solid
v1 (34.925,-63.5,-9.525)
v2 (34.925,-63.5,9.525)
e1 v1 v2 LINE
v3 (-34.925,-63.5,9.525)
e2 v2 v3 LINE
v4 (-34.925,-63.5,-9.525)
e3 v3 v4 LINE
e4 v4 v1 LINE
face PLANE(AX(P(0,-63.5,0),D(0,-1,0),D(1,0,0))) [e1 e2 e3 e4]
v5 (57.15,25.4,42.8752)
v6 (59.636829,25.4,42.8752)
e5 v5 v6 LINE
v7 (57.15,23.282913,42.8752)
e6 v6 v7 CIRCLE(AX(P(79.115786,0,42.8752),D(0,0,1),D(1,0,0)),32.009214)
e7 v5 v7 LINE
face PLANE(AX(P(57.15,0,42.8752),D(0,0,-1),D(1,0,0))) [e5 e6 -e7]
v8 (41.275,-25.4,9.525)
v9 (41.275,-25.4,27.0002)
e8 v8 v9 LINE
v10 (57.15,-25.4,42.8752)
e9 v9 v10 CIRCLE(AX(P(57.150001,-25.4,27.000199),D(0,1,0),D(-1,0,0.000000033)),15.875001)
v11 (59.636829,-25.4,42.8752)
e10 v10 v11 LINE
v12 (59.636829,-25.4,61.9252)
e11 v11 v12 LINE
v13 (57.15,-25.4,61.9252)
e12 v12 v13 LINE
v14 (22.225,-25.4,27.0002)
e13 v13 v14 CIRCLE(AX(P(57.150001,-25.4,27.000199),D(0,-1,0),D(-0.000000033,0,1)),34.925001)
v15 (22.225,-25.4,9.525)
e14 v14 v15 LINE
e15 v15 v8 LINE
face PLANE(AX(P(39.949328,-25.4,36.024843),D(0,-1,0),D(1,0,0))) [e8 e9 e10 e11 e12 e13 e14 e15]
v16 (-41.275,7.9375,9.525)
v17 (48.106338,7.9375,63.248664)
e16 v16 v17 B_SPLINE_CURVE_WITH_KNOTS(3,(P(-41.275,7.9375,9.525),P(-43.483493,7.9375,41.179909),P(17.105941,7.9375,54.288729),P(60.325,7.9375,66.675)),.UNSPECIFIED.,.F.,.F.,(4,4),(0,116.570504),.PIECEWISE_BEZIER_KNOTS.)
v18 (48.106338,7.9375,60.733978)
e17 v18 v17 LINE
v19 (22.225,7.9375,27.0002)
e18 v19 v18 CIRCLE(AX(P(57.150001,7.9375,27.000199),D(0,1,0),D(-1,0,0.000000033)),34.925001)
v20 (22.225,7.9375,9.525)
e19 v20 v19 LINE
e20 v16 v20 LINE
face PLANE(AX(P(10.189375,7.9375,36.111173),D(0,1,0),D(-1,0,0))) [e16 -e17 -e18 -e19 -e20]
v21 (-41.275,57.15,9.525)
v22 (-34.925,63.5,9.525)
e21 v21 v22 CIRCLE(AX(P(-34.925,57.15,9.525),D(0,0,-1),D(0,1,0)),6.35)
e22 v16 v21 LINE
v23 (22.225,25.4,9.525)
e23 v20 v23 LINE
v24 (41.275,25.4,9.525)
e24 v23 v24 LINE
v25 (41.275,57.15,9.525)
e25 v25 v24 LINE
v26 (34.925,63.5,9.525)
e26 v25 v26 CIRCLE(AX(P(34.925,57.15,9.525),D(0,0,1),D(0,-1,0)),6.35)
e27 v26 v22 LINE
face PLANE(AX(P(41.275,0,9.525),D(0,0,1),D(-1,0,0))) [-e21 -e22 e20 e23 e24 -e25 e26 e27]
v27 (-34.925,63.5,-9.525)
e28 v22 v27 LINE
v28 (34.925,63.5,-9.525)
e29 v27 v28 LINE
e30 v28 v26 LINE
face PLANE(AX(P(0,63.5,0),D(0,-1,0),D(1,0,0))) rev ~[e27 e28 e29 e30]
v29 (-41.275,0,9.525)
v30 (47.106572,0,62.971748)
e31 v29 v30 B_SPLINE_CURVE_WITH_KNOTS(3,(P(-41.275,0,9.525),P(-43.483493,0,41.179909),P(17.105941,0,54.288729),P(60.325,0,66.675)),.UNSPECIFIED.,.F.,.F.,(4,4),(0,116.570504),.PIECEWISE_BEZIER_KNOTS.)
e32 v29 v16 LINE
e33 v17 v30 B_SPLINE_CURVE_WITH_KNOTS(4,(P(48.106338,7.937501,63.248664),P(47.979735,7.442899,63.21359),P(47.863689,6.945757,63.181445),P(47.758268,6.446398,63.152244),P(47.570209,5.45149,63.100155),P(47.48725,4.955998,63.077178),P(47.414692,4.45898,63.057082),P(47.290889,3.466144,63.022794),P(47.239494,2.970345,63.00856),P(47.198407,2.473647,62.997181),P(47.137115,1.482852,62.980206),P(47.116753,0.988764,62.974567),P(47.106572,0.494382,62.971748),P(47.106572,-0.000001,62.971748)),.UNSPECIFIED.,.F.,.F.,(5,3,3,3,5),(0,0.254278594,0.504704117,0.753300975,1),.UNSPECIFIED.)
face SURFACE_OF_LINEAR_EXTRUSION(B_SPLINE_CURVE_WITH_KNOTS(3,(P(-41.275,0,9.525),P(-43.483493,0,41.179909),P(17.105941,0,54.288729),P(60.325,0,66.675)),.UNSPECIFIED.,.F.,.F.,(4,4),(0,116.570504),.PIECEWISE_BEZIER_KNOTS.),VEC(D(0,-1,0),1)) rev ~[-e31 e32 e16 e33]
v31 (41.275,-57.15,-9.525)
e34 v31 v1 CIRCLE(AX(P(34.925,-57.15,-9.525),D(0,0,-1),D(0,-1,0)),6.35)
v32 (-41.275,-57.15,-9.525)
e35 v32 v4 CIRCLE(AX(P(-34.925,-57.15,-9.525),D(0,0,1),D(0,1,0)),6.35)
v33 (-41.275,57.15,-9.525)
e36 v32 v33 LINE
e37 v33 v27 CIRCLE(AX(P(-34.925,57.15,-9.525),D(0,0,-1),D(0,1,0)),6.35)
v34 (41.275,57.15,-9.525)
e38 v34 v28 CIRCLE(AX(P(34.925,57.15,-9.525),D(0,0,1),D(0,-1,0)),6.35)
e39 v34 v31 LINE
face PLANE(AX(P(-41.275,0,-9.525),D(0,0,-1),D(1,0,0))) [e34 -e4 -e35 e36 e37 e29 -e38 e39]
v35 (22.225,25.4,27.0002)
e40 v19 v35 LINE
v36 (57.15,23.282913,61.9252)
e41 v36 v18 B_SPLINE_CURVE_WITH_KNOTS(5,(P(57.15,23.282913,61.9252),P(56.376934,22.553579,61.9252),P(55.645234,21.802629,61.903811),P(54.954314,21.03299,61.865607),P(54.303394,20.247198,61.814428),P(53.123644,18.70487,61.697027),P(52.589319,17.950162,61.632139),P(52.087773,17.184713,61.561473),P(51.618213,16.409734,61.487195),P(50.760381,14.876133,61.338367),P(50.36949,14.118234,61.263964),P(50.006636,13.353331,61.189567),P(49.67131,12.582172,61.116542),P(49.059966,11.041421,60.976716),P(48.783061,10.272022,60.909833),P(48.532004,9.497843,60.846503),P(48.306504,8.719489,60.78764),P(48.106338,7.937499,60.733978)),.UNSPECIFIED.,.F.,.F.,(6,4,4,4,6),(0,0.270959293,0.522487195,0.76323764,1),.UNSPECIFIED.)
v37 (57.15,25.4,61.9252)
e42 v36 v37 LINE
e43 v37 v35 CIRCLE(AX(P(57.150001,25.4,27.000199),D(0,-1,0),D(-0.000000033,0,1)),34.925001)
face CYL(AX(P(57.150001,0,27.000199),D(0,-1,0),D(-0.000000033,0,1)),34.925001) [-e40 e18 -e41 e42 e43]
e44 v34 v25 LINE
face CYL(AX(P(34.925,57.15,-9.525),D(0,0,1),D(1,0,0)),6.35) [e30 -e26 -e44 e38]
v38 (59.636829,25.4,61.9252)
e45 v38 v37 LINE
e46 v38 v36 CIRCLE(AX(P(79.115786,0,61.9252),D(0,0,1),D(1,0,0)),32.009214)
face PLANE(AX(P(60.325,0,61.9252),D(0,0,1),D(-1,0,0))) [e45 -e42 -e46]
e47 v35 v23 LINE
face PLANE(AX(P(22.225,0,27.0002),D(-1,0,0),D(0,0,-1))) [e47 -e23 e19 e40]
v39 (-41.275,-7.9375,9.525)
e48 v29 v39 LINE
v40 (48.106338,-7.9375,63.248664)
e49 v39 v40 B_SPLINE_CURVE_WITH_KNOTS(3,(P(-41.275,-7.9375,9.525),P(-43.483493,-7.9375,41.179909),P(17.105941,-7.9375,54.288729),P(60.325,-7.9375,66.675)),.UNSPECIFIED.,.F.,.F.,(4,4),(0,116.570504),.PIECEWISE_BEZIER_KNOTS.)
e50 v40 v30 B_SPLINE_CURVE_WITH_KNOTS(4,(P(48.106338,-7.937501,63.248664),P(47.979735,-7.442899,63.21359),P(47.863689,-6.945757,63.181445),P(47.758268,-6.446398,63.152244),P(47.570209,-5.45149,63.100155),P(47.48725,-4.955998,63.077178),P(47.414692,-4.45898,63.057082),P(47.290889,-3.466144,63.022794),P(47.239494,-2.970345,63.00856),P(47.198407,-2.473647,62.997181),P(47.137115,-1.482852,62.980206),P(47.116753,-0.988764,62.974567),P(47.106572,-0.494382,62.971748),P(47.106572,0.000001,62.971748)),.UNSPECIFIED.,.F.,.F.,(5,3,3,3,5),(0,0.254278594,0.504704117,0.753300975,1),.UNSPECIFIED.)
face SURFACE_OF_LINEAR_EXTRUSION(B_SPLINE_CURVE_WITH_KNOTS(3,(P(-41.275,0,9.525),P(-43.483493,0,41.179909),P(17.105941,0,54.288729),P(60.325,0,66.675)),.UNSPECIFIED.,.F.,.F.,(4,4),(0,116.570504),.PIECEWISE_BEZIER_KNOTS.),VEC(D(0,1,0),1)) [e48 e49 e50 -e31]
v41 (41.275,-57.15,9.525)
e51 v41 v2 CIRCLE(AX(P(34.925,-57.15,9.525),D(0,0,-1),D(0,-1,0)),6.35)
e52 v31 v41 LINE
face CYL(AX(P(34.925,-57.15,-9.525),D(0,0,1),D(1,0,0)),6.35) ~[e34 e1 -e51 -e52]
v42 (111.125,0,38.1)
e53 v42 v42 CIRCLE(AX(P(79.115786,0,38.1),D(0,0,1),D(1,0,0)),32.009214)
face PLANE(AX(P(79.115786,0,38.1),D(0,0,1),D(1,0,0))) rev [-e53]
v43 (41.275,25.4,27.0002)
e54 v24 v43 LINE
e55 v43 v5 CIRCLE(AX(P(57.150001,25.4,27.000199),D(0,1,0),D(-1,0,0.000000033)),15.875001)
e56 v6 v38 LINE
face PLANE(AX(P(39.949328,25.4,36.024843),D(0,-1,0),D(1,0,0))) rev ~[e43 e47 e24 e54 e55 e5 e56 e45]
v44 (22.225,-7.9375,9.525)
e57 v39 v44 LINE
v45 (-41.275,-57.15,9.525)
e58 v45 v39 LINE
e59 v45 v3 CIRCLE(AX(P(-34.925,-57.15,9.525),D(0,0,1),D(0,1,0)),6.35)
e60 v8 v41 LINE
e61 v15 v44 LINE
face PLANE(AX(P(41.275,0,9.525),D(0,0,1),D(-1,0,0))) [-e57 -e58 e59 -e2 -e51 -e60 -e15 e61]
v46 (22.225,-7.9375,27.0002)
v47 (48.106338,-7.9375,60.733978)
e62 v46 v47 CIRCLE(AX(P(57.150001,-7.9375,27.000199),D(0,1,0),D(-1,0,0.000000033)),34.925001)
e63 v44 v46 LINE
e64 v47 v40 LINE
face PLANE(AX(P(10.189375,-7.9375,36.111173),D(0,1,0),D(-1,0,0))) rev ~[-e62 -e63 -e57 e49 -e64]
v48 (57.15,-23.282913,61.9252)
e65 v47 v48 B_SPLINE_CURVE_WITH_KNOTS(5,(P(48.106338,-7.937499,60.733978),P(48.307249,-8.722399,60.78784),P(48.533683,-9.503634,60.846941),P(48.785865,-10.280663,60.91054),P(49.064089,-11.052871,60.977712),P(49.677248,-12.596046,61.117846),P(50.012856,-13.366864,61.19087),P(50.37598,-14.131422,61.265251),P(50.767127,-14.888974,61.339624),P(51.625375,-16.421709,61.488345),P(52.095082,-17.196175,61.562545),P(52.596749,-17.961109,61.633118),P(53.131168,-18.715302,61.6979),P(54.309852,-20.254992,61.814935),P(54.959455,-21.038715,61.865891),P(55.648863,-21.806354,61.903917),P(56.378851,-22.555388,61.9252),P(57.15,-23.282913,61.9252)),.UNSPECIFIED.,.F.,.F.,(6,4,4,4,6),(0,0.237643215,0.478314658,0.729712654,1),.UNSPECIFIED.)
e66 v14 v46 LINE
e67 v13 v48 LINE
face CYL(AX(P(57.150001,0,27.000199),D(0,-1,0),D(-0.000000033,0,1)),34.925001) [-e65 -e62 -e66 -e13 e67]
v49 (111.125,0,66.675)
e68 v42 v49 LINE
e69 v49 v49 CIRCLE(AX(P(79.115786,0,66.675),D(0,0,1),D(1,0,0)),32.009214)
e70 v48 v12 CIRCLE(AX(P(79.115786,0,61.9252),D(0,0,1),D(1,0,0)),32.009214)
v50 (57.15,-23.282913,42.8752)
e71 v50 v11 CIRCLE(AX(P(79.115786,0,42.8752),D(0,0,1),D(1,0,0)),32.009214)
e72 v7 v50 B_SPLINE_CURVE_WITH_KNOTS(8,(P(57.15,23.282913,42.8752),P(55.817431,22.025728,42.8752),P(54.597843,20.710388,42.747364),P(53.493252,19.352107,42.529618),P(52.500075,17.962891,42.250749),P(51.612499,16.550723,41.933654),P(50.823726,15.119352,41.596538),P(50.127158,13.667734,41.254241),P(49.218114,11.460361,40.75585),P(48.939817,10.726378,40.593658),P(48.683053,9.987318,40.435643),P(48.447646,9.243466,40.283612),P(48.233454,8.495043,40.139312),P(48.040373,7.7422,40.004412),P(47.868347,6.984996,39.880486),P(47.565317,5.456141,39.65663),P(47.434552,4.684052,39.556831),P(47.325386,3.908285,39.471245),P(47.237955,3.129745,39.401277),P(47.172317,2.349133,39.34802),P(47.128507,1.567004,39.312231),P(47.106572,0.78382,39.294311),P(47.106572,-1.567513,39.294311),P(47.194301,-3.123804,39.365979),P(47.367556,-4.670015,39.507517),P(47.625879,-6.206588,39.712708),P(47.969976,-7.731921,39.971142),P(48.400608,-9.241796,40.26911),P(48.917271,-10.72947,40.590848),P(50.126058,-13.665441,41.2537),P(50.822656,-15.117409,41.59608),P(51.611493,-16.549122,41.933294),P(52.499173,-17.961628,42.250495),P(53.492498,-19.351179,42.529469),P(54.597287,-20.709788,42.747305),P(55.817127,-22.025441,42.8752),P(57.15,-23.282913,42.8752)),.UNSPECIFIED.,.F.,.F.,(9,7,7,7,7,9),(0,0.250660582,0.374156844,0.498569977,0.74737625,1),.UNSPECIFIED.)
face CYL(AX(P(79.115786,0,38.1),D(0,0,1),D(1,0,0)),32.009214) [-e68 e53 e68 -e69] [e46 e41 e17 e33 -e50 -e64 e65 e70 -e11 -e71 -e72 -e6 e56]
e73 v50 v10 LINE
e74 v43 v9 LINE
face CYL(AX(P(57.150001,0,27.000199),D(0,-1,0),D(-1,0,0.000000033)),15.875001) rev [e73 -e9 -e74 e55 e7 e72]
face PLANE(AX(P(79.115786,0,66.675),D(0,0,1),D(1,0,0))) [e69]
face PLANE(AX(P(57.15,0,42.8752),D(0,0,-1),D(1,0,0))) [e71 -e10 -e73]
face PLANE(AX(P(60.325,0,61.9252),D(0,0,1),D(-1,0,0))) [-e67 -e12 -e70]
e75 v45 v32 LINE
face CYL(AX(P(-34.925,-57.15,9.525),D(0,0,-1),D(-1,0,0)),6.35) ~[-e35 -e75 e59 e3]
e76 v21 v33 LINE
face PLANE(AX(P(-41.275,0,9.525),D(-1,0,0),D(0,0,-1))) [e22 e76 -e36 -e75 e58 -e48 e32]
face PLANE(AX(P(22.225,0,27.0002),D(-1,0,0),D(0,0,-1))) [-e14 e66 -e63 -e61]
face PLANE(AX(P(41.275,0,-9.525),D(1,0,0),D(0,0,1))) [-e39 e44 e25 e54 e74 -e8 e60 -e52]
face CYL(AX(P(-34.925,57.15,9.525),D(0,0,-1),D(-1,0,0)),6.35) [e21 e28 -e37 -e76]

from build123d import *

# Parameters (mm, degrees)
F1_DEPTH = 63.5
F2_DEPTH = 25.4
F3_DEPTH = 7.9375
F5_R     = 6.35


with BuildPart() as f1:
    # F0 (on Front) → F1 (new body, symmetric)
    with BuildSketch(Plane.XZ):
        Polygon((-41.275, -9.525), (41.275, -9.525), (41.275, 9.525), (22.225, 9.525), (-41.275, 9.525), align=None)
    extrude(amount=F1_DEPTH, both=True)

    # F0 (on Front) → F2 (join, symmetric)
    with BuildSketch(Plane.XZ):
        with BuildLine():
            Line((22.225, 9.525), (41.275, 9.525))
            Line((41.275, 9.525), (41.275, 27.0002))
            ThreePointArc((41.275, 27.0002), (45.92468, 38.22552), (57.15, 42.8752))
            Line((57.15, 42.8752), (60.325, 42.8752))
            Line((60.325, 42.8752), (60.325, 61.9252))
            Line((60.325, 61.9252), (57.15, 61.9252))
            ThreePointArc((57.15, 61.9252), (32.454296, 51.695904), (22.225, 27.0002))
            Line((22.225, 27.0002), (22.225, 9.525))
        make_face()
    extrude(amount=F2_DEPTH, both=True)

    # F0 (on Front) → F3 (join, symmetric)
    with BuildSketch(Plane.XZ):
        with BuildLine():
            add(Edge.make_bspline(
                [(-41.275, 9.525), (-43.483493, 41.179909), (17.105941, 54.288729), (60.325, 66.675)],
                knots=[0, 0, 0, 0, 116.570504, 116.570504, 116.570504, 116.570504], degree=3))
            Line((-41.275, 9.525), (22.225, 9.525))
            Line((22.225, 9.525), (22.225, 27.0002))
            ThreePointArc((22.225, 27.0002), (32.454296, 51.695904), (57.15, 61.9252))
            Line((57.15, 61.9252), (60.325, 61.9252))
            Line((60.325, 61.9252), (60.325, 66.675))
        make_face()
    extrude(amount=F3_DEPTH, both=True)

    # F0 (on Front) → F4 (revolve)
    with BuildSketch(Plane.XZ):
        Polygon((111.125, 66.675), (79.115786, 66.675), (79.115786, 61.9252), (79.115786, 42.8752), (79.115786, 38.1), (111.125, 38.1), align=None)
    revolve(axis=Axis((79.115786, 0, 52.3875), (0, 0, 1)))

    # F5
    f5_edges = [f1.edges().sort_by_distance(p)[0] for p in [
        (41.275, -63.5, 0),
        (-41.275, -63.5, 0),
        (-41.275, 63.5, 0),
        (41.275, 63.5, 0),
    ]]
    fillet(f5_edges, radius=F5_R)


solid = f1.part
